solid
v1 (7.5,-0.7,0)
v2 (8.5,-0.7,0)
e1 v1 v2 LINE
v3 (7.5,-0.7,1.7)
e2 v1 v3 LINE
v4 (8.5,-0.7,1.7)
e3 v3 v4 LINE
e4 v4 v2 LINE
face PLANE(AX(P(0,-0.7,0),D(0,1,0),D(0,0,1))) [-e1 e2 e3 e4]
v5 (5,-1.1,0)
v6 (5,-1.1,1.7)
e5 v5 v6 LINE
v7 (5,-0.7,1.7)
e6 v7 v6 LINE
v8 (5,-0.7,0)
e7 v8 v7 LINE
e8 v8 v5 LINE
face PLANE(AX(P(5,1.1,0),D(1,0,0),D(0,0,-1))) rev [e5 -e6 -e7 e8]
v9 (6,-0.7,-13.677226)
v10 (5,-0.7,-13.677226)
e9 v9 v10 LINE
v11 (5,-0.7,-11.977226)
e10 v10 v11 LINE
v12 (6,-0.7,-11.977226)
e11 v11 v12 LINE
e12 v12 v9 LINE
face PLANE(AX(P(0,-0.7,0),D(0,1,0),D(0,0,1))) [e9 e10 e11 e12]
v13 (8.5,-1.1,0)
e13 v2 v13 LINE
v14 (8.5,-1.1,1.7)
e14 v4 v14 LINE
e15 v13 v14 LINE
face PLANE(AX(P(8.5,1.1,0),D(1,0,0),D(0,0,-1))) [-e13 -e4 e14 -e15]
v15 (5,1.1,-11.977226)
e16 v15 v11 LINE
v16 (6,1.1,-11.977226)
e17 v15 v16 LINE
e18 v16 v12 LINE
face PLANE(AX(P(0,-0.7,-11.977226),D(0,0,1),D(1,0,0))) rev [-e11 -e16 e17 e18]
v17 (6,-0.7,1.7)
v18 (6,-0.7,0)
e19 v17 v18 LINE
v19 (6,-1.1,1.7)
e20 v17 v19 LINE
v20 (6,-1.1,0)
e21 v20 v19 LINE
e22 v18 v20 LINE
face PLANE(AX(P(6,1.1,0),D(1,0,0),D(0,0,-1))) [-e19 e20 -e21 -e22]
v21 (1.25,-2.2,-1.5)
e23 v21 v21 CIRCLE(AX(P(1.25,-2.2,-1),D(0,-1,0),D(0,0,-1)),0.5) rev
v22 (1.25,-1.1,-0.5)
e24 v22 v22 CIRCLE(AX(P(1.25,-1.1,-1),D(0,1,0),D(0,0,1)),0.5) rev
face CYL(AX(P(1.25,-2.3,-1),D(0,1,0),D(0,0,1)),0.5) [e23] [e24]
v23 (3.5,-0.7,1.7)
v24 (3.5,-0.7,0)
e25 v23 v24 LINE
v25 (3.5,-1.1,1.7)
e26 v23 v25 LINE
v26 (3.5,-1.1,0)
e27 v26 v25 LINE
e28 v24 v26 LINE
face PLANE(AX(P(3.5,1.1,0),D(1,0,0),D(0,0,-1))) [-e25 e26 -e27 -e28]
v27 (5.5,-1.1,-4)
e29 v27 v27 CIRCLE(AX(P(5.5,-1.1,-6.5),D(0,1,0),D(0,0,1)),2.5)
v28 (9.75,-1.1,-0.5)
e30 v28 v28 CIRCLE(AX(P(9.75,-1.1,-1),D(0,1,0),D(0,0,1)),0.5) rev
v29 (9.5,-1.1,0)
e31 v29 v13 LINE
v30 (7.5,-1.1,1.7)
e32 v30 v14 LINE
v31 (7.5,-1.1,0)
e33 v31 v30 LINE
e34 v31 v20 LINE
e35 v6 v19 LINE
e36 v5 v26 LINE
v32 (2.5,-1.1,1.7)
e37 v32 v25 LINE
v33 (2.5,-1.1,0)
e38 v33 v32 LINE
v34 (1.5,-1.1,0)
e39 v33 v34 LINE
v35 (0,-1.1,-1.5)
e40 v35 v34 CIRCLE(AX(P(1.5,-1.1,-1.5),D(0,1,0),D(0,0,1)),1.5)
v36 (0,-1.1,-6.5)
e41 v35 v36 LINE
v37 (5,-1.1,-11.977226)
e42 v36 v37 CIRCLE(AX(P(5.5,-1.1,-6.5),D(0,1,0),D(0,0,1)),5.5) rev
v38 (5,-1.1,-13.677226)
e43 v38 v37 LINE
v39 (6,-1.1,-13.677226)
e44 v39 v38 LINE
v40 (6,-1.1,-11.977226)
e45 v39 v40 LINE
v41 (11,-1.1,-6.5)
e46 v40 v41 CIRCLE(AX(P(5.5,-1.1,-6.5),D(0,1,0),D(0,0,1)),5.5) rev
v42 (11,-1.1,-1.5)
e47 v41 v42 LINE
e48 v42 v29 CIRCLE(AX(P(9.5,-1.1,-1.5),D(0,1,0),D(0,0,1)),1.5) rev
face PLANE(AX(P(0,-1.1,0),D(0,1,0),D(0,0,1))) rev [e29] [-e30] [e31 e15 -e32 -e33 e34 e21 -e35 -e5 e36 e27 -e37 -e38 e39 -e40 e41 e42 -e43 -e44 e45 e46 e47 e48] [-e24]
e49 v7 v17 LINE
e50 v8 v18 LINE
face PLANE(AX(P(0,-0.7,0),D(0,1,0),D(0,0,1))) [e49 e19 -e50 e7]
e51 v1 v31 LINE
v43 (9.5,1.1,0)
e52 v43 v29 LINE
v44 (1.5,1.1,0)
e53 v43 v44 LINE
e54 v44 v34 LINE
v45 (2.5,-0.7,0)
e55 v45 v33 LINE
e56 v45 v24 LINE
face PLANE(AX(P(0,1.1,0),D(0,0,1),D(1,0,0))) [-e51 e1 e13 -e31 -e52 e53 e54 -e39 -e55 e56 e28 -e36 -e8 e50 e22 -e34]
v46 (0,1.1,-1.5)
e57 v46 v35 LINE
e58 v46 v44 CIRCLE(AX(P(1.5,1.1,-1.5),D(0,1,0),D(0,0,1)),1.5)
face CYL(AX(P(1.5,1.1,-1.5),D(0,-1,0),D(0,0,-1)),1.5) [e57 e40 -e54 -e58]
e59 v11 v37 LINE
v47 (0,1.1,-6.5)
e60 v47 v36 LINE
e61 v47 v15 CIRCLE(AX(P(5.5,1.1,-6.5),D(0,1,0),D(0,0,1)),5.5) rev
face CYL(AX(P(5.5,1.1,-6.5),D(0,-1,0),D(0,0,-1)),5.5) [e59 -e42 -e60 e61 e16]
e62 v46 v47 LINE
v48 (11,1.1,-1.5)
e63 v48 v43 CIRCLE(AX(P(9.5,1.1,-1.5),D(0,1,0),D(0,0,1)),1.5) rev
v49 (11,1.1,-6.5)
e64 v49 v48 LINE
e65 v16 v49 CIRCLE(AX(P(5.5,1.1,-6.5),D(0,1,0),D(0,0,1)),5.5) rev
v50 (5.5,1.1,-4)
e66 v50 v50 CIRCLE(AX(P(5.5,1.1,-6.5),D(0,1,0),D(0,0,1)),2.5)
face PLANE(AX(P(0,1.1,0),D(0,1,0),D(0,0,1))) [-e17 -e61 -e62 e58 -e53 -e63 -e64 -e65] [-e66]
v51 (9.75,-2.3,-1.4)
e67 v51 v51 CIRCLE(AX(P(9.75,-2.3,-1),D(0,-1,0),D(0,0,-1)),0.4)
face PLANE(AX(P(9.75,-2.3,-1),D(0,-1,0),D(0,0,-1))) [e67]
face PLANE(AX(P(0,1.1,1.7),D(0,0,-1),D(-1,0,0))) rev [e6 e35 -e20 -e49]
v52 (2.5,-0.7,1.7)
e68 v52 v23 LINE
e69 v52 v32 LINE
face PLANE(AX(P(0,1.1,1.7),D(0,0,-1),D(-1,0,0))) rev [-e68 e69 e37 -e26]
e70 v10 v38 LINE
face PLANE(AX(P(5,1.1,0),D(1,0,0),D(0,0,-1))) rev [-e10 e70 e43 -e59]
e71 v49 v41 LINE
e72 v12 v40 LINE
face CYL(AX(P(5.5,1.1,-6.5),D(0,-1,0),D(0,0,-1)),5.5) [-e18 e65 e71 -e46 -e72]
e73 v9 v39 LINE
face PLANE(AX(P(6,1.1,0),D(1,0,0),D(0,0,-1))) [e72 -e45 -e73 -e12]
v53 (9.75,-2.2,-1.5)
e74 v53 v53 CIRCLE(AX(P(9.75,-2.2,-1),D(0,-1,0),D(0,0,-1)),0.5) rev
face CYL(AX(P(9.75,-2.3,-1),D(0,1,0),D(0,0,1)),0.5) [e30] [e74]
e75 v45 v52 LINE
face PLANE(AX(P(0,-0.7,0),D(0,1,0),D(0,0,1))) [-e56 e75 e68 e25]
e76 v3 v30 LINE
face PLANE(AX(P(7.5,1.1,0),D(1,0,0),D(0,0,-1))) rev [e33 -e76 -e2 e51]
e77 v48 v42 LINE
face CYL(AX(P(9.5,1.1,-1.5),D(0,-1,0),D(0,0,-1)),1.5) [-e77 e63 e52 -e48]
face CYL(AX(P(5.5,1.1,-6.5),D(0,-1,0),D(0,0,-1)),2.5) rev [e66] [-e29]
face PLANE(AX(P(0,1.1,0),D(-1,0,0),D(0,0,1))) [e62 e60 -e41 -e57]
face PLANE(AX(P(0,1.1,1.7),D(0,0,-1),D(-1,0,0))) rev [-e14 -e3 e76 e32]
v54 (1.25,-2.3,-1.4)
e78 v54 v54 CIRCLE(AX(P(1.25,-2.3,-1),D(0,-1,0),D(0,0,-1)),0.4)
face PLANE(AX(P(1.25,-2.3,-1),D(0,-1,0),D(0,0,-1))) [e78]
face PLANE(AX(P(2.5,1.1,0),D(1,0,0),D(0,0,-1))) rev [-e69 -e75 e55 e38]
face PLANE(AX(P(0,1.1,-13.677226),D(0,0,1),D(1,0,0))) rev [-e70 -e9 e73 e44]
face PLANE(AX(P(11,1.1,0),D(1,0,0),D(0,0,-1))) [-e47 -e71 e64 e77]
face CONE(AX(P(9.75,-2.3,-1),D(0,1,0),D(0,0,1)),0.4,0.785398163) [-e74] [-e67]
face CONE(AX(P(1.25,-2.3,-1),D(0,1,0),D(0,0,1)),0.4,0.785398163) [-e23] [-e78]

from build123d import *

# Parameters (mm, degrees)
SKETCH_1_R          = 2.5
SKETCH_1_W          = 1
SKETCH_1_H          = 1.7
EXTRUDE_1_DEPTH     = 1.1
SKETCH_2_W          = 1
SKETCH_2_H          = 1.7
CUT_EXTRUDE_1_DEPTH = 1.8
SKETCH_3_R          = 0.5
EXTRUDE_2_DEPTH     = 1.2
CHAMFER_1_SIZE      = 0.1


with BuildPart() as part:
    # 草图1 → 凸台-拉伸1 (new, symmetric)
    # profile 1 of 5: a face of its own
    with BuildSketch(Plane(origin=(0, 0, 0), x_dir=(1, 0, 0), z_dir=(0, 1, 0))):
        with BuildLine():
            Line((0, 1.5), (0, 6.5))
            ThreePointArc((0, 6.5), (5.5, 12), (11, 6.5))
            Line((11, 6.5), (11, 1.5))
            ThreePointArc((11, 1.5), (10.560660172, 0.439339828), (9.5, 0))
            Line((9.5, 0), (1.5, 0))
            ThreePointArc((1.5, 0), (0.439339828, 0.439339828), (0, 1.5))
        make_face()
        with Locations(Location((5.5, 6.5, 0), (0, 0, 270))):
            Circle(SKETCH_1_R, mode=Mode.SUBTRACT)
    # profile 2 of 5: a face of its own
    with BuildSketch(Plane(origin=(0, 0, 0), x_dir=(1, 0, 0), z_dir=(0, 1, 0))):
        with Locations((3, -0.85)):
            Rectangle(SKETCH_1_W, SKETCH_1_H)
    # profile 3 of 5: a face of its own
    with BuildSketch(Plane(origin=(0, 0, 0), x_dir=(1, 0, 0), z_dir=(0, 1, 0))):
        with Locations((5.5, -0.85)):
            Rectangle(SKETCH_1_W, SKETCH_1_H)
    # profile 4 of 5: a face of its own
    with BuildSketch(Plane(origin=(0, 0, 0), x_dir=(1, 0, 0), z_dir=(0, 1, 0))):
        with Locations((8, -0.85)):
            Rectangle(SKETCH_1_W, SKETCH_1_H)
    # profile 5 of 5: a face of its own
    with BuildSketch(Plane(origin=(0, 0, 0), x_dir=(1, 0, 0), z_dir=(0, 1, 0))):
        with Locations((5.5, 12.827225575)):
            Rectangle(SKETCH_1_W, SKETCH_1_H)
    extrude(amount=EXTRUDE_1_DEPTH, both=True)

    # 草图2 → 切除-拉伸1 (cut)
    with BuildSketch(Plane(origin=(0, 1.1, 0), x_dir=(1, 0, 0), z_dir=(0, 1, 0))):
        with Locations((5.5, 12.827225575)):
            Rectangle(SKETCH_2_W, SKETCH_2_H)
        with Locations((3, -0.85)):
            Rectangle(SKETCH_2_W, SKETCH_2_H)
        with Locations((5.5, -0.85)):
            Rectangle(SKETCH_2_W, SKETCH_2_H)
        with Locations((8, -0.85)):
            Rectangle(SKETCH_2_W, SKETCH_2_H)
    extrude(amount=-CUT_EXTRUDE_1_DEPTH, mode=Mode.SUBTRACT)

    # 草图3 → 凸台-拉伸2 (add)
    with BuildSketch(Plane.XZ.offset(1.1)):
        with Locations(Location((1.25, -1, 0), (0, 0, 90))):
            Circle(SKETCH_3_R)
        with Locations(Location((9.75, -1, 0), (0, 0, 90))):
            Circle(SKETCH_3_R)
    extrude(amount=EXTRUDE_2_DEPTH)

    # 倒角1
    chamfer_1_edges = [part.edges().sort_by_distance(p)[0] for p in [
        (1.25, -2.3, -1.5),
        (9.75, -2.3, -1.5),
    ]]
    chamfer(chamfer_1_edges, length=CHAMFER_1_SIZE)


solid = part.part
